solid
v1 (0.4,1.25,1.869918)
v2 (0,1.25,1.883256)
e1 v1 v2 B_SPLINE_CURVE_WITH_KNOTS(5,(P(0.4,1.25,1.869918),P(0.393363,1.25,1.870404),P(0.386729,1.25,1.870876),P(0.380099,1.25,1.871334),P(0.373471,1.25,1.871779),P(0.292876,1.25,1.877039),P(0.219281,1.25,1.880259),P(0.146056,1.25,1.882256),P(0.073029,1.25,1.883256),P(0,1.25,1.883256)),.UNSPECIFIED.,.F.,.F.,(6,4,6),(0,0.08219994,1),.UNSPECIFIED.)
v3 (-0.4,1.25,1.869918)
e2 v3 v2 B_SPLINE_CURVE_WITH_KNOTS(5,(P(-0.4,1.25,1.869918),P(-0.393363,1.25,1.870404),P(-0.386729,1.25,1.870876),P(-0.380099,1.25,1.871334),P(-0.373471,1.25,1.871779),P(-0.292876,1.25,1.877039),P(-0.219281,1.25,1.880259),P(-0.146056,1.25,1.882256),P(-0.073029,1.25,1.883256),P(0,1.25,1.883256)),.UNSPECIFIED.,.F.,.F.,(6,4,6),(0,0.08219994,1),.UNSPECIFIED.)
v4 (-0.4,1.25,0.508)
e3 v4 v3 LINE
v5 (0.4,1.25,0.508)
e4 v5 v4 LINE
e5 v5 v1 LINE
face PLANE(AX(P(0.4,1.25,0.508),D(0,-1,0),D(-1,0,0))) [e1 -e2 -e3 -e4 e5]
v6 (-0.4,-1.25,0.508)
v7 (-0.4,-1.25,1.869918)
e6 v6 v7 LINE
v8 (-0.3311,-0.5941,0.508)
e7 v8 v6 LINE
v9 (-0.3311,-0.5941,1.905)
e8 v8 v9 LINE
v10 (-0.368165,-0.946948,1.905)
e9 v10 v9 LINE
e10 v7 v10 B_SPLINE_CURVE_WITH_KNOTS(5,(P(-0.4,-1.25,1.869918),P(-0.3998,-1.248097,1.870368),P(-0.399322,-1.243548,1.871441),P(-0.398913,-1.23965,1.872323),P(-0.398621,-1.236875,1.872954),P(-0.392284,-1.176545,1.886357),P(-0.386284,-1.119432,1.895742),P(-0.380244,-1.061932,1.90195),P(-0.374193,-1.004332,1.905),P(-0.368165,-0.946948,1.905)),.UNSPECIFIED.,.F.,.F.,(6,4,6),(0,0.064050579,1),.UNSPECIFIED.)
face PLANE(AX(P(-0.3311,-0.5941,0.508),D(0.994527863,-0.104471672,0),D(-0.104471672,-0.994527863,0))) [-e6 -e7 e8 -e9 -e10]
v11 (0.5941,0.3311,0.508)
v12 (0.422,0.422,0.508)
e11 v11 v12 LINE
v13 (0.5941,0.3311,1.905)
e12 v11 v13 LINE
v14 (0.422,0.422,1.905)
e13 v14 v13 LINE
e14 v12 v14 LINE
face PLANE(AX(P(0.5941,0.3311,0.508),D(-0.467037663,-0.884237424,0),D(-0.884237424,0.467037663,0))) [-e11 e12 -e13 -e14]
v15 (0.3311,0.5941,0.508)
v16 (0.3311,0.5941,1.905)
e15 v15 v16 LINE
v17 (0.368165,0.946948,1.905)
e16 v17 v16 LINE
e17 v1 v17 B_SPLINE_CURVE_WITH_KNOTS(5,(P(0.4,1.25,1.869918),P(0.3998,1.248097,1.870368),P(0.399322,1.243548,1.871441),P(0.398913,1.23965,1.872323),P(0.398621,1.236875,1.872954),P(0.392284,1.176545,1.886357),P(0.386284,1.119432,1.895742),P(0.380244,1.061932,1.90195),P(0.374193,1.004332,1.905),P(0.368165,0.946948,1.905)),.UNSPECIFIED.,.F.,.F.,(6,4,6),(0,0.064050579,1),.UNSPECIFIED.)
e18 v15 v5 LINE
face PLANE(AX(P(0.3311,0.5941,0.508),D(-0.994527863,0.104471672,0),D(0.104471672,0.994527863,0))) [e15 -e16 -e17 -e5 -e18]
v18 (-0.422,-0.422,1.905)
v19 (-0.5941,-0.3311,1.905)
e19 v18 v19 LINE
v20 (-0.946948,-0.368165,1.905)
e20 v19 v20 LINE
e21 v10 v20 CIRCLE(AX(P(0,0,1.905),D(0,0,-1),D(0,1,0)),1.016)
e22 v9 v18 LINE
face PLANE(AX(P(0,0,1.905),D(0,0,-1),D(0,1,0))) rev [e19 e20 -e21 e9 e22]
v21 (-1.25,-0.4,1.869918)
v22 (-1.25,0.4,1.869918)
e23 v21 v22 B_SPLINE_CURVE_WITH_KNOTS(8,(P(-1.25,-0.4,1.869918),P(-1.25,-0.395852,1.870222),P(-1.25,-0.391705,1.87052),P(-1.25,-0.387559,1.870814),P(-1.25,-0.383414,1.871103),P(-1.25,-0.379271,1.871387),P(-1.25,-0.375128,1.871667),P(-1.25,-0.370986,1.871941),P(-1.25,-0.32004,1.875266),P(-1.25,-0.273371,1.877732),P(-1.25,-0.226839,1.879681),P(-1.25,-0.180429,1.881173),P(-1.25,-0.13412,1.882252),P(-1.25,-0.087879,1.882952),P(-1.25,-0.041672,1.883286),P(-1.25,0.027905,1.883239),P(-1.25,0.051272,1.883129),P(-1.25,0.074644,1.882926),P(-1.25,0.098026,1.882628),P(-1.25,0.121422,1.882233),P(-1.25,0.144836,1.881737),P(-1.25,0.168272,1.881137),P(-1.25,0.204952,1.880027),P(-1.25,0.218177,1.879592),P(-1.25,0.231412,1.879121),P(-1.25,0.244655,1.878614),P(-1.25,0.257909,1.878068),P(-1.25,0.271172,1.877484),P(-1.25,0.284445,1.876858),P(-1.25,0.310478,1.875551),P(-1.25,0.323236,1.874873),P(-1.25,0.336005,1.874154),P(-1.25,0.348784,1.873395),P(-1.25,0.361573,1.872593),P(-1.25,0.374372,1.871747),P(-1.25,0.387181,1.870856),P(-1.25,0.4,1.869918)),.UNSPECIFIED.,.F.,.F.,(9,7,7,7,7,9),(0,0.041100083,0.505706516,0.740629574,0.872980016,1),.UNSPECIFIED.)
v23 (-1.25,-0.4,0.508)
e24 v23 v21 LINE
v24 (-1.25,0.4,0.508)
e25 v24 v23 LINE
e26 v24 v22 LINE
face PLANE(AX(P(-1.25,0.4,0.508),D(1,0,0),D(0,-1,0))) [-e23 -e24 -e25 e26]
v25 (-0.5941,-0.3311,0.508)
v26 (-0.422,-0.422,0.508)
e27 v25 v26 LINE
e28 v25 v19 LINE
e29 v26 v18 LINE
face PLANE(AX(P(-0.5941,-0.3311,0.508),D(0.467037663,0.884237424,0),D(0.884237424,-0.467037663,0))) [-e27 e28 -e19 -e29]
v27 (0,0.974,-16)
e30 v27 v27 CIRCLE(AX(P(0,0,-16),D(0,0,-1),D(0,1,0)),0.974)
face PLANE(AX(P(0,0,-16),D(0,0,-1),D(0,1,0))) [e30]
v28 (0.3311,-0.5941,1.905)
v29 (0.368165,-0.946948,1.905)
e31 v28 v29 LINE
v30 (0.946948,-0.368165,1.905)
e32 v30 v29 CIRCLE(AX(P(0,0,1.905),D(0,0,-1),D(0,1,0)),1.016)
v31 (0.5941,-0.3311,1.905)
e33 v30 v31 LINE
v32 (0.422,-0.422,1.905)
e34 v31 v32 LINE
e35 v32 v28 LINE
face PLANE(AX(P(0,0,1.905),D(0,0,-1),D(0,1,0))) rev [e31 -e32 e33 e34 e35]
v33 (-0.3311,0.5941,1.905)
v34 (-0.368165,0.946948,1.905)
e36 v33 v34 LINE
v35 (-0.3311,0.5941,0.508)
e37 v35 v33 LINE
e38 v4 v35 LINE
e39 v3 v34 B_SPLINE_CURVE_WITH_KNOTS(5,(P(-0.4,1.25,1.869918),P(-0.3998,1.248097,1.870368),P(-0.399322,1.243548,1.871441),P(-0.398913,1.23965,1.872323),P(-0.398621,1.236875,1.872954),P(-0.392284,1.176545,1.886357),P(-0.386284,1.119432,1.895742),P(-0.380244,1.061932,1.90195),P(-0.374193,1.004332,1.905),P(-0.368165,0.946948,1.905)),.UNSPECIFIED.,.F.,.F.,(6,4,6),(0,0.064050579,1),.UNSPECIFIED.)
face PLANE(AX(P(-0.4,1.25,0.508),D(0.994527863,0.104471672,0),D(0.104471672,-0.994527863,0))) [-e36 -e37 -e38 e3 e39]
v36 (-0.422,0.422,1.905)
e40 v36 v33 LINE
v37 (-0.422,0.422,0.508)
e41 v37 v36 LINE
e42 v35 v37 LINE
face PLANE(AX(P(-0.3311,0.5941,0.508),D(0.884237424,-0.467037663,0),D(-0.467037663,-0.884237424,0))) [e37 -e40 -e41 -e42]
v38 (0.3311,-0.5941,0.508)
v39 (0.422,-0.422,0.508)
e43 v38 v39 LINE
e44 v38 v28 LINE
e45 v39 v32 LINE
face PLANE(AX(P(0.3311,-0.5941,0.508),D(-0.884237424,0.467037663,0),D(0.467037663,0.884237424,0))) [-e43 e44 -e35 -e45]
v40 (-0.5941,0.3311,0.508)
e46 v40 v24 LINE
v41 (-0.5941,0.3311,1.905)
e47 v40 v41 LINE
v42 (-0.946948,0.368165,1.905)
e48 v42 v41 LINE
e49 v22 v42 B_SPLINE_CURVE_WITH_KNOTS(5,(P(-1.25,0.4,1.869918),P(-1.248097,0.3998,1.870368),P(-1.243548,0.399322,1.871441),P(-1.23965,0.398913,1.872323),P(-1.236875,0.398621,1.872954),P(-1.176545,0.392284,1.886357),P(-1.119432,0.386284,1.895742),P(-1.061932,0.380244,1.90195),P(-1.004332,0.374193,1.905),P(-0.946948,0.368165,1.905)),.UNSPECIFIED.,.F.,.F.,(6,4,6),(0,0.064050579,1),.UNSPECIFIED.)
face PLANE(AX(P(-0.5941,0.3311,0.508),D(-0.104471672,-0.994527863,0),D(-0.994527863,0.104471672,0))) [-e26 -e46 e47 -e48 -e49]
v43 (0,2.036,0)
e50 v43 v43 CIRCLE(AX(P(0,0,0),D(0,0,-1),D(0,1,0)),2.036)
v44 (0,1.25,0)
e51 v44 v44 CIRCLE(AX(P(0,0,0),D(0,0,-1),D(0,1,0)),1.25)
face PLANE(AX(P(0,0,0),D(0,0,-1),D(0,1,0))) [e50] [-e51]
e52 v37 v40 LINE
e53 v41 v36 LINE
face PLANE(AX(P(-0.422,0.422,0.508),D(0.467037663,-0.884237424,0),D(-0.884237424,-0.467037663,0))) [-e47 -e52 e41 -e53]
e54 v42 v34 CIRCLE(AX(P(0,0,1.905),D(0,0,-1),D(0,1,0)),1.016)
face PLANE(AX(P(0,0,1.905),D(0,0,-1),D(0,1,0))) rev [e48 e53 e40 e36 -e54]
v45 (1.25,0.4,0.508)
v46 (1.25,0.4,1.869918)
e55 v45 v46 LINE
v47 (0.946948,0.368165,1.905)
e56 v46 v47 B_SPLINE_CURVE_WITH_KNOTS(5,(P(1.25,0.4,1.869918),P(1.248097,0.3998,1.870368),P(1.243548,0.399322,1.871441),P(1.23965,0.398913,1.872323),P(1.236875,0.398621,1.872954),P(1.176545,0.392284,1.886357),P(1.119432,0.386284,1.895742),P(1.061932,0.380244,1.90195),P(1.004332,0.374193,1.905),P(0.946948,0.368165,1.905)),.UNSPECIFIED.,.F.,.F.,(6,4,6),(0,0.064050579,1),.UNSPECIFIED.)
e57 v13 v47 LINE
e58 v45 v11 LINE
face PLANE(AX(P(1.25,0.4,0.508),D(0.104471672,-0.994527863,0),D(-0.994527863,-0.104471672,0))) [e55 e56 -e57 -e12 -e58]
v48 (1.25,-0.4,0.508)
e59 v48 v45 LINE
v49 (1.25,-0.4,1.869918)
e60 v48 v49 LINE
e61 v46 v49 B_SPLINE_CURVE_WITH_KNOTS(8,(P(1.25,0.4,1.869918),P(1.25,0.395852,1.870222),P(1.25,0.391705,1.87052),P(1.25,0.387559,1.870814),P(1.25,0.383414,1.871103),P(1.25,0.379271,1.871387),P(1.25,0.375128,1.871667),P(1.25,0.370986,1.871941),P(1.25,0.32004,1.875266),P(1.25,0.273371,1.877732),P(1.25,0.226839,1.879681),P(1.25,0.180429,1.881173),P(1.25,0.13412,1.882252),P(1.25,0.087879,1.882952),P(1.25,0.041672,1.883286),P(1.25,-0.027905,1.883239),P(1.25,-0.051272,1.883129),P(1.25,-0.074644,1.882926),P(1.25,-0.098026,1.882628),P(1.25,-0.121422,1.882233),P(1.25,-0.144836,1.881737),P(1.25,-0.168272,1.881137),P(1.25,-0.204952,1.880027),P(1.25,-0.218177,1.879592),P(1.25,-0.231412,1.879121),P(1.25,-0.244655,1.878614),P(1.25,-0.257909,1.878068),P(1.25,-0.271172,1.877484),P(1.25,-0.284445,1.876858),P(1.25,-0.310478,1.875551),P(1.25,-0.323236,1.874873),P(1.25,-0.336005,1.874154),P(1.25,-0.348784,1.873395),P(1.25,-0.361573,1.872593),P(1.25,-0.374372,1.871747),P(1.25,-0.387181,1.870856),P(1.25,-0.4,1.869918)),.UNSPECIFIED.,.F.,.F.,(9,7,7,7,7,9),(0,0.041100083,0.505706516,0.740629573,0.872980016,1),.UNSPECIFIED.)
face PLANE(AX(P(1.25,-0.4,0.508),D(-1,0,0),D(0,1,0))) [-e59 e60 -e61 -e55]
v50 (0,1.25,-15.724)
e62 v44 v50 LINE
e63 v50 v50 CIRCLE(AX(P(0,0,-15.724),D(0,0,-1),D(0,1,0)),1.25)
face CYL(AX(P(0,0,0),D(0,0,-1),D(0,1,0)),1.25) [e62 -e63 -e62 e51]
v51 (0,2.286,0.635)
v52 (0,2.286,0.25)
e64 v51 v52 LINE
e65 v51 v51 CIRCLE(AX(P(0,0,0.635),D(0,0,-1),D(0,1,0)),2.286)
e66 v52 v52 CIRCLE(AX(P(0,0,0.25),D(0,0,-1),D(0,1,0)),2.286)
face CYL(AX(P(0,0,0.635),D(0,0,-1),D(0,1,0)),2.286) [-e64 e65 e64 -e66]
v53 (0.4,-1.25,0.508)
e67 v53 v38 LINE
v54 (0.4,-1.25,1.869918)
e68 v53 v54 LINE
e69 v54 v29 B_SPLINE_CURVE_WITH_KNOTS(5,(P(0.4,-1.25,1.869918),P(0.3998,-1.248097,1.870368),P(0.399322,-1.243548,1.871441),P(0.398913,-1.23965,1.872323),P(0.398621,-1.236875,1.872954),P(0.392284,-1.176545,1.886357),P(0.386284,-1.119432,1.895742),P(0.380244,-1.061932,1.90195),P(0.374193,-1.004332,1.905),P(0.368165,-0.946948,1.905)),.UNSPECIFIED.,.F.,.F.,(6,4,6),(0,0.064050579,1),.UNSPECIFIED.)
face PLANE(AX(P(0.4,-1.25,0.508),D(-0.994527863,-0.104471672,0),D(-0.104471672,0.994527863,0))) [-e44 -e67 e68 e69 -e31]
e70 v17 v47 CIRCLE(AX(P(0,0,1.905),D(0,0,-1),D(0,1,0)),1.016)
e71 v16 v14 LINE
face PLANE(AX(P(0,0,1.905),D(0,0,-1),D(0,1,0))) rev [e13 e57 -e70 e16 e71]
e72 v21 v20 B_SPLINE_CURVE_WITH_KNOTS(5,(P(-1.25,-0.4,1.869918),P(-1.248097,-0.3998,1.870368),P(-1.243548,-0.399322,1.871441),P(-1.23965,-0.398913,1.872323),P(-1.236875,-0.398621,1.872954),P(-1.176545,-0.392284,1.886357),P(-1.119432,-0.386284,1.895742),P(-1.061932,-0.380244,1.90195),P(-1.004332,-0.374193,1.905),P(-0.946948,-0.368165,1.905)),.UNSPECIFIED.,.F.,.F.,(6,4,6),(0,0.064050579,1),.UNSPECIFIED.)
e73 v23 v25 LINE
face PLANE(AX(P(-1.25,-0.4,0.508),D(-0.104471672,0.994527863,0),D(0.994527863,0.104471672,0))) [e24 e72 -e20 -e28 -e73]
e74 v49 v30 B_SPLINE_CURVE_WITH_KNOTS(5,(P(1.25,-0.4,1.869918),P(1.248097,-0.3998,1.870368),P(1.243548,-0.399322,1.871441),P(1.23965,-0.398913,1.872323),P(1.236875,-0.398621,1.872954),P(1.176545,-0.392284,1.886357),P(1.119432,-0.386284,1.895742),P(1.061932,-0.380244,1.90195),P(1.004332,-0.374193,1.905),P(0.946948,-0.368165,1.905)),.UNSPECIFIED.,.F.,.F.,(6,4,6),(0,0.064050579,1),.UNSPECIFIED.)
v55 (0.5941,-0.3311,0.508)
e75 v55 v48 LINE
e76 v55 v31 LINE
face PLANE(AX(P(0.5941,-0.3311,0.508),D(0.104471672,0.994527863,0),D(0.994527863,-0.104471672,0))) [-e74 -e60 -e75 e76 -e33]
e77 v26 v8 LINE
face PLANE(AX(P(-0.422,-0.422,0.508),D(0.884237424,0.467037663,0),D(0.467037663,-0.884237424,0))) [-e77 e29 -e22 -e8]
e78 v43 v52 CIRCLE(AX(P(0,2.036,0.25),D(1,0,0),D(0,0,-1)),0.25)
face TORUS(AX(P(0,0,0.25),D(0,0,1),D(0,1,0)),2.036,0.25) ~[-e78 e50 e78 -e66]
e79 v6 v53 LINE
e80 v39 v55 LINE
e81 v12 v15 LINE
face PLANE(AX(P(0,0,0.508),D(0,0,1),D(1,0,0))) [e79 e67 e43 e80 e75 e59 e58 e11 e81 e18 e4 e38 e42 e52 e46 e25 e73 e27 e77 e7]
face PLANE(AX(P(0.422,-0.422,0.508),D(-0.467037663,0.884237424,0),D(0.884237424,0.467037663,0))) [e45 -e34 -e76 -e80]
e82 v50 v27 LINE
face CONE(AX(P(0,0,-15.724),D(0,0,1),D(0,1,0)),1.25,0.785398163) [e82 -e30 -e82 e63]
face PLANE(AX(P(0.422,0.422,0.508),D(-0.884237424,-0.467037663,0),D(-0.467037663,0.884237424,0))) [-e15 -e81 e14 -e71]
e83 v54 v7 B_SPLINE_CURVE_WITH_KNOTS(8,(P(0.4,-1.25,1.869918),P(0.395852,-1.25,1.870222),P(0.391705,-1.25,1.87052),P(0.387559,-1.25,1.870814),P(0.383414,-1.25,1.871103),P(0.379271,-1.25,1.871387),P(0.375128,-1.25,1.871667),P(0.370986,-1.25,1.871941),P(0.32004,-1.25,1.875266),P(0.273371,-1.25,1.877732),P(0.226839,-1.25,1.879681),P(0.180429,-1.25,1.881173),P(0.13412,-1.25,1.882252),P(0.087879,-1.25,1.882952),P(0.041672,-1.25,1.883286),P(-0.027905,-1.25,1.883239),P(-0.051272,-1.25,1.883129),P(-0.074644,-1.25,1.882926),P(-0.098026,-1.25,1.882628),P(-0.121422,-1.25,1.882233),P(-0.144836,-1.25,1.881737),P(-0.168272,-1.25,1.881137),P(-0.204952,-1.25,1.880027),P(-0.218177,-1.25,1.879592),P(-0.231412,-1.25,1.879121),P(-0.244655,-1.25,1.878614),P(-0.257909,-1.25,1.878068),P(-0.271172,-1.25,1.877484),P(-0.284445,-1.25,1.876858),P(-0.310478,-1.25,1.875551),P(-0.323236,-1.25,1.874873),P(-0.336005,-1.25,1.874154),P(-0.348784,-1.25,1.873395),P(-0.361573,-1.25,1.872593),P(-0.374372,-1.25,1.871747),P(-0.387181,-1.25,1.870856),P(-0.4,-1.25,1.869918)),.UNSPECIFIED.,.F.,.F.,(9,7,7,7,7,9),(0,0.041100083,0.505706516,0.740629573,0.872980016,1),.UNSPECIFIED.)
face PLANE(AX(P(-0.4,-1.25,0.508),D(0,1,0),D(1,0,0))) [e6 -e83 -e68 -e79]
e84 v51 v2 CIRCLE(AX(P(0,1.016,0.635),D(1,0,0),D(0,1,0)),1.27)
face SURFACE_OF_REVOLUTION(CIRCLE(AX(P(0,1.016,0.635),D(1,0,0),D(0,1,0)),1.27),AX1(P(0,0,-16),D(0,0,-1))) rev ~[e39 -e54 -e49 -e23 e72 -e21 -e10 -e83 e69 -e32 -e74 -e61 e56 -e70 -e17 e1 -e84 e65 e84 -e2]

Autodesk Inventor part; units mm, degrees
sketch "Sketch_1" plane through (0, 0, 0) normal (1, 0, 0) x (0, 1, 0)
  line L0 (0, -16) -> (0, 1.905)
  line L1 (0, 1.905) -> (1.016, 1.905)
  arc A0 (2.286, 0.635) -> (1.016, 1.905) centre (1.016, 0.635) ccw
  line L2 (2.286, 0.635) -> (2.286, 0.25)
  arc A1 (2.036, 0) -> (2.286, 0.25) centre (2.036, 0.25) ccw
  line L3 (2.036, 0) -> (1.25, 0)
  line L4 (1.25, 0) -> (1.25, -15.724)
  line L5 (1.25, -15.724) -> (0.974, -16)
  line L6 (0.974, -16) -> (0, -16)
  line L7 (0, -16) -> (0, 1.905)
revolve "Revolution1" add sketch "Sketch_1" angle 360 about axis through (0, 0, -16) along (0, 0, -1)
sketch "Sketch_2" plane through (0, 0, 0.508) normal (0, 0, 1) x (1, 0, 0)
  line L0 (-1.25, 0.4) -> (-1.25, -0.4)
  line L1 (-1.25, -0.4) -> (-0.5941, -0.3311)
  line L2 (-0.5941, -0.3311) -> (-0.422, -0.422)
  line L3 (-0.422, -0.422) -> (-0.3311, -0.5941)
  line L4 (-0.3311, -0.5941) -> (-0.4, -1.25)
  line L5 (-0.4, -1.25) -> (0.4, -1.25)
  line L6 (0.4, -1.25) -> (0.3311, -0.5941)
  line L7 (0.3311, -0.5941) -> (0.422, -0.422)
  line L8 (0.422, -0.422) -> (0.5941, -0.3311)
  line L9 (0.5941, -0.3311) -> (1.25, -0.4)
  line L10 (1.25, -0.4) -> (1.25, 0.4)
  line L11 (1.25, 0.4) -> (0.5941, 0.3311)
  line L12 (0.5941, 0.3311) -> (0.422, 0.422)
  line L13 (0.422, 0.422) -> (0.3311, 0.5941)
  line L14 (0.3311, 0.5941) -> (0.4, 1.25)
  line L15 (0.4, 1.25) -> (-0.4, 1.25)
  line L16 (-0.4, 1.25) -> (-0.3311, 0.5941)
  line L17 (-0.3311, 0.5941) -> (-0.422, 0.422)
  line L18 (-0.422, 0.422) -> (-0.5941, 0.3311)
  line L19 (-0.5941, 0.3311) -> (-1.25, 0.4)
extrude "Extrusion1" cut sketch "Sketch_2" along normal blind 1.524
ref_plane "IP1_XY" through (0, 0, 0) normal (0, 0, -1) x (1, 0, 0)
ref_plane "IP1_YZ" through (0, 0, 0) normal (1, 0, 0) x (0, -1, 0)
ref_plane "IP1_ZX" through (0, 0, 0) normal (0, -1, 0) x (0, 0, -1)
ref_plane "IP3_XY" through (0, 0, -16) normal (0, 0, -1) x (0, 1, 0)
ref_plane "IP3_YZ" through (0, 0, -16) normal (0, 1, 0) x (1, 0, 0)
ref_plane "IP3_ZX" through (0, 0, -16) normal (1, 0, 0) x (0, 0, -1)
properties part number "M2.5x16"
